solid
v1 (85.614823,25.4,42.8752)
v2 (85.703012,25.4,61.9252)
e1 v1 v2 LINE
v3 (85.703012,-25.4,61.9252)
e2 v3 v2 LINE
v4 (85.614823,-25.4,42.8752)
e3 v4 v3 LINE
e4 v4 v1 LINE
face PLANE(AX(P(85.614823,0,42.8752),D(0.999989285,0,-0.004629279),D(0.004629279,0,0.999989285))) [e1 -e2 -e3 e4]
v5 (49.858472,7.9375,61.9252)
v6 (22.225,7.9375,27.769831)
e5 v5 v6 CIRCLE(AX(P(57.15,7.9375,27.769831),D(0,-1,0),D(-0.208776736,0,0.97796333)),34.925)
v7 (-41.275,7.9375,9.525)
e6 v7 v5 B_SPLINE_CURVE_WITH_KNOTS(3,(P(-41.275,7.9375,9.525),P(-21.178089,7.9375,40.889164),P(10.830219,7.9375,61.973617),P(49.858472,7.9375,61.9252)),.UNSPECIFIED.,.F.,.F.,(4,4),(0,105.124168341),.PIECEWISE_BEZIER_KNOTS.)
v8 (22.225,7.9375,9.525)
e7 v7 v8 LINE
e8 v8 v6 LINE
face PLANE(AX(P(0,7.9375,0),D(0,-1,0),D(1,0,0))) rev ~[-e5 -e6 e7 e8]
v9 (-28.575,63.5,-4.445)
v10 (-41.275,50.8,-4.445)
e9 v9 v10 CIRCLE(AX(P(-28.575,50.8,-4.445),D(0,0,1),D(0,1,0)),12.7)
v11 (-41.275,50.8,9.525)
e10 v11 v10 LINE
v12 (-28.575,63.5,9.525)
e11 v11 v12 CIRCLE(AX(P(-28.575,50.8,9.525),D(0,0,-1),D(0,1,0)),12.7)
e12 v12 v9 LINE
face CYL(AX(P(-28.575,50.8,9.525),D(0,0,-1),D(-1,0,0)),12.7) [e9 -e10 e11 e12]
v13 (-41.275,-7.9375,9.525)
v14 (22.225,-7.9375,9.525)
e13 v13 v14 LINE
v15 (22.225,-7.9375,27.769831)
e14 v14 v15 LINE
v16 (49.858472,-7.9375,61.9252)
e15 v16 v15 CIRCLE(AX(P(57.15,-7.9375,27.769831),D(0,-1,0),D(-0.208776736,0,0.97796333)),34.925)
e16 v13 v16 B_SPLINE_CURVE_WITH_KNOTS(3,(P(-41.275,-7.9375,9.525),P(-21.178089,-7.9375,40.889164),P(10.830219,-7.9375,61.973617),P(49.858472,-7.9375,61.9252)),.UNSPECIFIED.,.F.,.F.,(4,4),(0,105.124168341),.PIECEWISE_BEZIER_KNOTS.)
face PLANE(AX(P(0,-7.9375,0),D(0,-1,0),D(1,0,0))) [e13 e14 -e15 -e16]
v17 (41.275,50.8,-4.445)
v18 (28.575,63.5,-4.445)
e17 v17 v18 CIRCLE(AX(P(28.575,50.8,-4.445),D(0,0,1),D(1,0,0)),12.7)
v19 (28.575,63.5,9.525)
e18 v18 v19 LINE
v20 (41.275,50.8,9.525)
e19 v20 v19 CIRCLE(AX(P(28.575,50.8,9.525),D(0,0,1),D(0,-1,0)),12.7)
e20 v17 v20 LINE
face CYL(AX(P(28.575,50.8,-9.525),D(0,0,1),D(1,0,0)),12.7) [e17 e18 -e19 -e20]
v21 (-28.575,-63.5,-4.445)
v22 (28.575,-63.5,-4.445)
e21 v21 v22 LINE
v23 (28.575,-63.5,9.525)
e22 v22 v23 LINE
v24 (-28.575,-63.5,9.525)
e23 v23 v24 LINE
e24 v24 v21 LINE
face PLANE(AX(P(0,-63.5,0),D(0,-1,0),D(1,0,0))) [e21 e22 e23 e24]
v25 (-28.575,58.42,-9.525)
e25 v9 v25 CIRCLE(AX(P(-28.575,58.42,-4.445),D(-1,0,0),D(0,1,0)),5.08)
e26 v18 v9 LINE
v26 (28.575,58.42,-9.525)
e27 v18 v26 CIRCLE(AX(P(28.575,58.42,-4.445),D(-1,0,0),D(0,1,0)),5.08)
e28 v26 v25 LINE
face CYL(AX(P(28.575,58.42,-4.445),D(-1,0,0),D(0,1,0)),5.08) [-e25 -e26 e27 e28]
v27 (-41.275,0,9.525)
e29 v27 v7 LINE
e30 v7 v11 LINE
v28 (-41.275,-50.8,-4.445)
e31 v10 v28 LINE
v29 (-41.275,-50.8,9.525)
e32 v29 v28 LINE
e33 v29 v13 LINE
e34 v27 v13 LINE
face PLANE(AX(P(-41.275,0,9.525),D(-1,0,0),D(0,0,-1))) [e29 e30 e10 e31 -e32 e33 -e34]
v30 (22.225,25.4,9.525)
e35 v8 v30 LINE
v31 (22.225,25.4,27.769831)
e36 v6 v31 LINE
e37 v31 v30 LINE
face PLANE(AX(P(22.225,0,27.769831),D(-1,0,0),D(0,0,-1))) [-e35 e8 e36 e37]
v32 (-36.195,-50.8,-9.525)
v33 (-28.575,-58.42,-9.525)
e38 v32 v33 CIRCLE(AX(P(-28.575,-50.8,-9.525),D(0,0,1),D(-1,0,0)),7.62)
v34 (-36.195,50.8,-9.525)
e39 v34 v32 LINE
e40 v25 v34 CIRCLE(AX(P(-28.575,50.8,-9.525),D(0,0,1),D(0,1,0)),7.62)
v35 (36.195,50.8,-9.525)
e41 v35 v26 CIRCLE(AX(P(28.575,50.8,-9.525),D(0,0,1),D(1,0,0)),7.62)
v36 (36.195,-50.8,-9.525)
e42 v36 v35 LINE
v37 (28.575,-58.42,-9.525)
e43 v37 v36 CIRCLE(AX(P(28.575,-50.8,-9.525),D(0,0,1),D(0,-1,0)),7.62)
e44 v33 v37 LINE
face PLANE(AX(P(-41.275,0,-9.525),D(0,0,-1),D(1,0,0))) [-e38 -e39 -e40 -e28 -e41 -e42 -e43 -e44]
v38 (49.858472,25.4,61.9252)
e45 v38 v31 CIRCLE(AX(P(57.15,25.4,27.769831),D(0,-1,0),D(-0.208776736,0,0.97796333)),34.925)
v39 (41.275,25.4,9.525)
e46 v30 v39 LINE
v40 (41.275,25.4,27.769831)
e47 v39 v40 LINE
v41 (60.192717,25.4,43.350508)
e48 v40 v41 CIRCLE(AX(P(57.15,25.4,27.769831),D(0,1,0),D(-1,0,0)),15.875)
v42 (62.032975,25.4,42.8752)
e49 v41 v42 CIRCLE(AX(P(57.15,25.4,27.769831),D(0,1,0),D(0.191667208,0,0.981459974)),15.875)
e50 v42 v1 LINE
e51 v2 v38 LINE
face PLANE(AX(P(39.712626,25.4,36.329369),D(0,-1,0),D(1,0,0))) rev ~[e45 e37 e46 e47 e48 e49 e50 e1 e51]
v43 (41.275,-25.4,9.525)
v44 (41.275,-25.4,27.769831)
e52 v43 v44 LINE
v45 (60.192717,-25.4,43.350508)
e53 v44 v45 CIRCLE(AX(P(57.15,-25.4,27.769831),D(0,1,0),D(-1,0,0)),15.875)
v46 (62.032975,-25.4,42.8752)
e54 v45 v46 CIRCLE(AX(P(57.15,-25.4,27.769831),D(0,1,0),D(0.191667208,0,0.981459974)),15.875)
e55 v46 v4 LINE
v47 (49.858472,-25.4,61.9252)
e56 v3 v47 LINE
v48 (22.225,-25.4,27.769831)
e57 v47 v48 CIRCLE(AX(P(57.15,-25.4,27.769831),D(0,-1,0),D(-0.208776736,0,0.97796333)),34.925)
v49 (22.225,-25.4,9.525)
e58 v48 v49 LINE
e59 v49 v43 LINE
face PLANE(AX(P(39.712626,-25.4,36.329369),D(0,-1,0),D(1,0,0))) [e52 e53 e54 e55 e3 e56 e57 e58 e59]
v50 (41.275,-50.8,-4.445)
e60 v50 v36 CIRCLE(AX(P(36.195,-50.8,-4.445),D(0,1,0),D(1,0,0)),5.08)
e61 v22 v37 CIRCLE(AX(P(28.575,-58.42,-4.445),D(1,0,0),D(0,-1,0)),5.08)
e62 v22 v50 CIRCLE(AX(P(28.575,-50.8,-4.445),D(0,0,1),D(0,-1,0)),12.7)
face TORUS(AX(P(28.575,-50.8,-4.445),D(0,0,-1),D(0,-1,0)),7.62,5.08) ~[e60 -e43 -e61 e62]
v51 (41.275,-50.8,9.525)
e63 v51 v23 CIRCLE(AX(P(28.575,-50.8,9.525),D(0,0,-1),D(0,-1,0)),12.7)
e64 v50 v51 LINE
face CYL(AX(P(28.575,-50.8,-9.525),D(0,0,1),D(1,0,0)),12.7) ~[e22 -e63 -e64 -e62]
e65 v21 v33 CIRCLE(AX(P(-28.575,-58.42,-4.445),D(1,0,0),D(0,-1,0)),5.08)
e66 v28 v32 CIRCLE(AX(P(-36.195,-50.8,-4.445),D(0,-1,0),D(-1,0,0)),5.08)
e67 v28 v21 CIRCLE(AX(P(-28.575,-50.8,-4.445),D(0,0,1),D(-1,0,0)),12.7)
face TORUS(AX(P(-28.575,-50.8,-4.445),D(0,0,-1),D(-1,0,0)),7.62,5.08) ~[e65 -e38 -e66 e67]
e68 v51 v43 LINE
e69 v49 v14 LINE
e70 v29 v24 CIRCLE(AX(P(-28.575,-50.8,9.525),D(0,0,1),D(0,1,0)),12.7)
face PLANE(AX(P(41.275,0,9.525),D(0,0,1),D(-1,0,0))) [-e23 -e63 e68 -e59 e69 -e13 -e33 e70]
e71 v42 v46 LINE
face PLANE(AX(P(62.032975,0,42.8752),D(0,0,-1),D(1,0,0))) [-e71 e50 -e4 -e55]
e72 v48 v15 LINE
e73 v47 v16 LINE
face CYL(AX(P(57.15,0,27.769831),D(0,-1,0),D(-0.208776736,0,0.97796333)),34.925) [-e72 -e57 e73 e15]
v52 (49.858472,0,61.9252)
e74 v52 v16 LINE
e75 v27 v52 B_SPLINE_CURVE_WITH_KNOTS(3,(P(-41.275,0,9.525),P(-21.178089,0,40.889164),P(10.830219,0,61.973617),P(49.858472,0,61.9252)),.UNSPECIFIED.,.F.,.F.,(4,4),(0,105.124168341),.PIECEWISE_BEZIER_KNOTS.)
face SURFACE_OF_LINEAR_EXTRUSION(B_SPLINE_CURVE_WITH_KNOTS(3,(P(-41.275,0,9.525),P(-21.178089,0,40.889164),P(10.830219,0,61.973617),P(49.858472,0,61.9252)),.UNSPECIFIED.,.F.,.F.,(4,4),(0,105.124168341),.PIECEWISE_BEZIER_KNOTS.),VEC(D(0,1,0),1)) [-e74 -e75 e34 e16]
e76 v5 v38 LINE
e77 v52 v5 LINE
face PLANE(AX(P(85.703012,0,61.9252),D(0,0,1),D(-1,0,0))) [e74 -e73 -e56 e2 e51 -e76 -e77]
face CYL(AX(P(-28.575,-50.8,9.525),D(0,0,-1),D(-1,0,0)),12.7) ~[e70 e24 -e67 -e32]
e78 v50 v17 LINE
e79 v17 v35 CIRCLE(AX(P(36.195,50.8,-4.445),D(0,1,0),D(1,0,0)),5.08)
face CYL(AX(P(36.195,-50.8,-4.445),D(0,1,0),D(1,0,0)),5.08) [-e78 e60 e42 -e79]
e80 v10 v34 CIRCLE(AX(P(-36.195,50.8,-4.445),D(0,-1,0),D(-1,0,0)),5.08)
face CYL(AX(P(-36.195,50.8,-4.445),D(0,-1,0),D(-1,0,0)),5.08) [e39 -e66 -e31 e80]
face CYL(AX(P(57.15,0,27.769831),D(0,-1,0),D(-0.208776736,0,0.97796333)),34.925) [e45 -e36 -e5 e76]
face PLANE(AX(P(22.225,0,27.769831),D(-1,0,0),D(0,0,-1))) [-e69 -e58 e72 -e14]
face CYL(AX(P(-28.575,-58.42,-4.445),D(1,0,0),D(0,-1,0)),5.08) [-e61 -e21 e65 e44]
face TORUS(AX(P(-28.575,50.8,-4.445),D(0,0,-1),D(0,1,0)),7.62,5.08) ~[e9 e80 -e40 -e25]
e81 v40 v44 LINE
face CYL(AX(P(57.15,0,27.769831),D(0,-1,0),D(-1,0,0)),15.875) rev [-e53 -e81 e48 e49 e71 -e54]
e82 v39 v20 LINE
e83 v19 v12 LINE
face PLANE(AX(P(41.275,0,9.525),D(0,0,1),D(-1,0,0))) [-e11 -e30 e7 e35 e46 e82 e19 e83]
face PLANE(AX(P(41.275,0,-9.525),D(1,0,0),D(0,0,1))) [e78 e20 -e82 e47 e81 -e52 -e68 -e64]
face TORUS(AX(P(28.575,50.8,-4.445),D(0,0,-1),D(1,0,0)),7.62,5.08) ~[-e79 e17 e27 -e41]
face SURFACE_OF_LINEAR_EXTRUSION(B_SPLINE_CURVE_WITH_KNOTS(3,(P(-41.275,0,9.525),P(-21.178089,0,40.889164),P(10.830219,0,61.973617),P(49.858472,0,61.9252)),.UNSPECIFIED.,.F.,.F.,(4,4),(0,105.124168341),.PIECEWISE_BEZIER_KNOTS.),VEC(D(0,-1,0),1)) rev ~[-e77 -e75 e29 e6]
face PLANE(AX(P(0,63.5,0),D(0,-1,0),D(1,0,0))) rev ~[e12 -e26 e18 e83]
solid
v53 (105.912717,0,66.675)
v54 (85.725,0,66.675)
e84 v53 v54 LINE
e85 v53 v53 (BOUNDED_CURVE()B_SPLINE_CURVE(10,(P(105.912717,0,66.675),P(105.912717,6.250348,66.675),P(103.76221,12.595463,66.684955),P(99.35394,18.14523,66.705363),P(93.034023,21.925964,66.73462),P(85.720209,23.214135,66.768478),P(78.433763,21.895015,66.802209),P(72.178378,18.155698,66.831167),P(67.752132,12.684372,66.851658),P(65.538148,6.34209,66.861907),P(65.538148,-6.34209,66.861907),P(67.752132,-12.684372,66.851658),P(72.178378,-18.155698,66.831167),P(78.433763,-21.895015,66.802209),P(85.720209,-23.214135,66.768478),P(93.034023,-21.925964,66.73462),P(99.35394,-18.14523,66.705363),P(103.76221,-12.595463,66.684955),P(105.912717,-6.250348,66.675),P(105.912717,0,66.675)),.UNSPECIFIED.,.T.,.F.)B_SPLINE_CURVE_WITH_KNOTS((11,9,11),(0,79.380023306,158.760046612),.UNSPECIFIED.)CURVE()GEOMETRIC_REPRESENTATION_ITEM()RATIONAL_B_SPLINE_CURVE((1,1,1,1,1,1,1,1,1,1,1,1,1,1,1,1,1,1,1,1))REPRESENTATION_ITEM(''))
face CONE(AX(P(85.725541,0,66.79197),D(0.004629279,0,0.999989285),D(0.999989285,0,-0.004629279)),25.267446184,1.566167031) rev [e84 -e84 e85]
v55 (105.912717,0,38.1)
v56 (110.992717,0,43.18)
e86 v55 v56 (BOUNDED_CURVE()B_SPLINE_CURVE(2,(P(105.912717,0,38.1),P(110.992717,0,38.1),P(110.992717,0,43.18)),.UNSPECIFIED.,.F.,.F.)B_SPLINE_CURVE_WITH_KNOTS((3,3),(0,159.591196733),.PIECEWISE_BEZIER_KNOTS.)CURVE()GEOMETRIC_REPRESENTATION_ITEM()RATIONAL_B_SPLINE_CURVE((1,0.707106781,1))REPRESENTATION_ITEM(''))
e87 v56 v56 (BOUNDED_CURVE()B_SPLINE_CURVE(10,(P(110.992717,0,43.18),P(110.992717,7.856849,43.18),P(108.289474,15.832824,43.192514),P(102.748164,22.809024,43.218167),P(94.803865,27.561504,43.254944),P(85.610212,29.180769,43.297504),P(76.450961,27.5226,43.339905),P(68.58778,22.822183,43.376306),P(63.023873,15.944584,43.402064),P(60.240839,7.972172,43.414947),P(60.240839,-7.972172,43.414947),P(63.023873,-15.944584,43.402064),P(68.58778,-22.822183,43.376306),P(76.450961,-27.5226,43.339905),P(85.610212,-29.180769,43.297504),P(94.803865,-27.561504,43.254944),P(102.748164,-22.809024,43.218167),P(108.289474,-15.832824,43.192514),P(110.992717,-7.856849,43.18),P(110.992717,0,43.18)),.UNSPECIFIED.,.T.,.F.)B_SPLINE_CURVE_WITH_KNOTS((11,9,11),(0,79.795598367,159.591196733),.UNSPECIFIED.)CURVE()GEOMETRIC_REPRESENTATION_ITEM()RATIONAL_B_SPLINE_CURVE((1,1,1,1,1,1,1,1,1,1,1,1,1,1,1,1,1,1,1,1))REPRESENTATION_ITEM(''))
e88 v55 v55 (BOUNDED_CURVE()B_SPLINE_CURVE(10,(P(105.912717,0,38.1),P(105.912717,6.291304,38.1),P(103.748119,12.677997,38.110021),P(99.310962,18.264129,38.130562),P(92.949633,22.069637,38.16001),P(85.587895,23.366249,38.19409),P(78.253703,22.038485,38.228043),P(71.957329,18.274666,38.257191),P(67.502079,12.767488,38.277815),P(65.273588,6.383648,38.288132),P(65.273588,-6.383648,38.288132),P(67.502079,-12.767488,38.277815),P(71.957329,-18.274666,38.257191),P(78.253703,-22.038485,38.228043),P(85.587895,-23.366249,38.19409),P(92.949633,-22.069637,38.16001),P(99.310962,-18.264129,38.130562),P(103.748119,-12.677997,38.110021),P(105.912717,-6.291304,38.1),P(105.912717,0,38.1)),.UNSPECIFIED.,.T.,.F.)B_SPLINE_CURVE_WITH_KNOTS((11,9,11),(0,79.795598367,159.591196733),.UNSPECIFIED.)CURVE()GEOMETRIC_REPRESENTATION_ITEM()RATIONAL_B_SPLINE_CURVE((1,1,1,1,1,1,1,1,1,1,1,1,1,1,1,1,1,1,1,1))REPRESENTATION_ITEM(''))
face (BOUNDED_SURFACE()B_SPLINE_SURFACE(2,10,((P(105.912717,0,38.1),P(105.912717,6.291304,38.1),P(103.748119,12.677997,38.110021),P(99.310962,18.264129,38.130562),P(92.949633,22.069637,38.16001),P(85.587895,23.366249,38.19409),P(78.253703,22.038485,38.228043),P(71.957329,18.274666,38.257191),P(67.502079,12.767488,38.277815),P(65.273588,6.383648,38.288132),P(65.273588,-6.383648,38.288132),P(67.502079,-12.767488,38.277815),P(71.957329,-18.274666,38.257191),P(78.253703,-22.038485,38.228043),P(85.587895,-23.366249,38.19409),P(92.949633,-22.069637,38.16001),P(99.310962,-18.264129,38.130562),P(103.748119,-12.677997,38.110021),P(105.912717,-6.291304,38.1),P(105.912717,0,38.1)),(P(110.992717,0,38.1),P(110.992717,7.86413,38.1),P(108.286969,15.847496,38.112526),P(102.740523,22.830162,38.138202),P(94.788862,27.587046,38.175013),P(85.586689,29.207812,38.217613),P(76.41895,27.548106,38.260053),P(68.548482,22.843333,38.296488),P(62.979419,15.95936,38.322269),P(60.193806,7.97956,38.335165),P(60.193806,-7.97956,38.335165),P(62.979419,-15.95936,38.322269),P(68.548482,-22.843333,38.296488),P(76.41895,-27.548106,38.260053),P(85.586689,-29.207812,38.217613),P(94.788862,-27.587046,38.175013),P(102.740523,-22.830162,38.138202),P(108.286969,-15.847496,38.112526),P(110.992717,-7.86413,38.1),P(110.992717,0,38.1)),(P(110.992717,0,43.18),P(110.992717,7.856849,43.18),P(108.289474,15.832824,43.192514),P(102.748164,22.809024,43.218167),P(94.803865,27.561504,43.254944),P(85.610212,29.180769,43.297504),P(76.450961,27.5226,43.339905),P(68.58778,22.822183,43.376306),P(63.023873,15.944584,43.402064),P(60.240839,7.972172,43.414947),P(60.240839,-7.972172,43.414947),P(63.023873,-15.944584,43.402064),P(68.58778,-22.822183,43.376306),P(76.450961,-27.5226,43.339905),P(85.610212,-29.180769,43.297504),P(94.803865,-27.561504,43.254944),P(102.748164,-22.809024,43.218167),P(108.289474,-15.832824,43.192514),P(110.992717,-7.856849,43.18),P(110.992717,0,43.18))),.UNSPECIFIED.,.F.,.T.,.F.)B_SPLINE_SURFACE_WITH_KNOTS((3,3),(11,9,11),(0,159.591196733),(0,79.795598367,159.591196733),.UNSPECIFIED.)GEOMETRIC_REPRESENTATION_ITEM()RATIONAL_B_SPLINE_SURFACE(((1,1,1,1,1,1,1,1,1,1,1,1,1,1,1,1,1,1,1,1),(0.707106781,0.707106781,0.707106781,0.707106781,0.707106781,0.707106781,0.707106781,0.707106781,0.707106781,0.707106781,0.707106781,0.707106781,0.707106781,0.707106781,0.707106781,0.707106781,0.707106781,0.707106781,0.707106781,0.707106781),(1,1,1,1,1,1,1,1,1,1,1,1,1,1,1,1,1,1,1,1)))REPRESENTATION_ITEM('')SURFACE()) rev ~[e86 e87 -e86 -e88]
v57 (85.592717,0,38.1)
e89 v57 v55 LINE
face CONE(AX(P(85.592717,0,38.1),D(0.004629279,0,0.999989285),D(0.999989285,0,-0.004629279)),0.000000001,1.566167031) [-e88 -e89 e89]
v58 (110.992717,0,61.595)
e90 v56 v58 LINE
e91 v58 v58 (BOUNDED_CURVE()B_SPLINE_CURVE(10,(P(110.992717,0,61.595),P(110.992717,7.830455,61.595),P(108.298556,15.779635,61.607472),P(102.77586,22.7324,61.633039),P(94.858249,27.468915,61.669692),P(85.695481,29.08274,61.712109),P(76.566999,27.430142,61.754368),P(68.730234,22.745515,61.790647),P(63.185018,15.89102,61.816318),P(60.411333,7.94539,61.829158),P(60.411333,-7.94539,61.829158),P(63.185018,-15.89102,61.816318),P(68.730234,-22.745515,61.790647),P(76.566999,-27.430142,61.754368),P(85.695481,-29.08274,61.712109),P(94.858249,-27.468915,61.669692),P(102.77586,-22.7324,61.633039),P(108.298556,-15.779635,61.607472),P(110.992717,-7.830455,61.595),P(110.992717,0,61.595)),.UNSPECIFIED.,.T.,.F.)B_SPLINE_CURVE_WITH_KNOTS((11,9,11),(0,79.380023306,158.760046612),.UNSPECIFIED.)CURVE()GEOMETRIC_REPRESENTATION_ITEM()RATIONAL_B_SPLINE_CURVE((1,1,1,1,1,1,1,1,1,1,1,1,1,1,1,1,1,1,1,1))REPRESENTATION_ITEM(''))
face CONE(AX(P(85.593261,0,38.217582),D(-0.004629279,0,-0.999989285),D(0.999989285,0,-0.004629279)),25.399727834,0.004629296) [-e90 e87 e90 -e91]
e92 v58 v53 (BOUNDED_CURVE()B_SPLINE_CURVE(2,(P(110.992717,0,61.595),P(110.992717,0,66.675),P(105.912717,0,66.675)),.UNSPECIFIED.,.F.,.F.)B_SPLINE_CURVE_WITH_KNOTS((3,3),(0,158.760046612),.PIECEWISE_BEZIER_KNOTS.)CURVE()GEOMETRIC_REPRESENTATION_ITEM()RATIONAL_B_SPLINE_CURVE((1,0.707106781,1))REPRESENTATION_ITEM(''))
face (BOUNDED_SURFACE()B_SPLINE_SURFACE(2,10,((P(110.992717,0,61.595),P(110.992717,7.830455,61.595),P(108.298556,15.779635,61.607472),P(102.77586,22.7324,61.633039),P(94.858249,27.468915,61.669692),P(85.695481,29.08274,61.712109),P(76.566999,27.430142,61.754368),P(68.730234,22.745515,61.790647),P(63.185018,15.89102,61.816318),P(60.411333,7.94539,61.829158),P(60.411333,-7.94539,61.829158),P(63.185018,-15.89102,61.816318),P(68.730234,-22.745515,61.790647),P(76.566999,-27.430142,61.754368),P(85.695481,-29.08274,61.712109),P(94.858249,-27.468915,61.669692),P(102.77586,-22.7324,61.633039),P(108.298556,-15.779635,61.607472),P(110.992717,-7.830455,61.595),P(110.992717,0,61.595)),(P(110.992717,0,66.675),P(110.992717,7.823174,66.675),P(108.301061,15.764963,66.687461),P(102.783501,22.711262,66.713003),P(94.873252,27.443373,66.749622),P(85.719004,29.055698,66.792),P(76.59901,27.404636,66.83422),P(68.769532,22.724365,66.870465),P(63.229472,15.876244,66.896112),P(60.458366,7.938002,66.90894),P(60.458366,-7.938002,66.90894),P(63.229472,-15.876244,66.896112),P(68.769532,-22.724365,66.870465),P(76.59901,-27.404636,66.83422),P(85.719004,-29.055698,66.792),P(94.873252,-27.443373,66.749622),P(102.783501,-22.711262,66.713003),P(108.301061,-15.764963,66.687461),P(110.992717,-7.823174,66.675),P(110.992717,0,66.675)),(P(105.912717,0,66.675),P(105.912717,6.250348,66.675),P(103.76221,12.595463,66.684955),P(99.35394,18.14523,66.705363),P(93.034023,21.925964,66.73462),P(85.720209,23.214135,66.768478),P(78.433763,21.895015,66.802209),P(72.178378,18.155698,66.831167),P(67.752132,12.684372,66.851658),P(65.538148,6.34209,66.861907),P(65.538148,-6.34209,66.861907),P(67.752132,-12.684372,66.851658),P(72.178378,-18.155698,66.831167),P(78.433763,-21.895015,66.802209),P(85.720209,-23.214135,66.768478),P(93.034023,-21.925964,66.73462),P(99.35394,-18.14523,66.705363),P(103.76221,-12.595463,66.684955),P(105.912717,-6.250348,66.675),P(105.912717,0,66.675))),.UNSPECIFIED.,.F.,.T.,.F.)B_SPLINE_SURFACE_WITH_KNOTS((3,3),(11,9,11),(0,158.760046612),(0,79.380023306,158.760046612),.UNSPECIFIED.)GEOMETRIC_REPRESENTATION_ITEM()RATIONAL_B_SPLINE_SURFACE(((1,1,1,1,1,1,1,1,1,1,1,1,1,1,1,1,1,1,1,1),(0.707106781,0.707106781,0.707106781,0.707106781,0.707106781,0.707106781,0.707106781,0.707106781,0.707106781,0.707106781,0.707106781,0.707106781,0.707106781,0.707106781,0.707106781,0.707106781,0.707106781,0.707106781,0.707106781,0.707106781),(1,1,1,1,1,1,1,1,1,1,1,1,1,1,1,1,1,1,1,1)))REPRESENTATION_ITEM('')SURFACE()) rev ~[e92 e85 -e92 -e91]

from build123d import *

# Parameters (mm, degrees)
F1_DEPTH = 63.5
F2_DEPTH = 25.4
F3_DEPTH = 7.9375
F5_R     = 12.7
F6_R     = 5.08
F7_R     = 5.08


with BuildPart() as f1:
    # F0 (on Front) → F1 (new body, symmetric)
    with BuildSketch(Plane.XZ):
        Polygon((-41.275, 9.525), (-41.275, -9.525), (41.275, -9.525), (41.275, 9.525), (22.225, 9.525), align=None)
    extrude(amount=F1_DEPTH, both=True)

    # F0 (on Front) → F2 (join, symmetric)
    with BuildSketch(Plane.XZ):
        with BuildLine():
            Line((22.225, 9.525), (41.275, 9.525))
            Line((41.275, 9.525), (41.275, 27.7698307051))
            ThreePointArc((41.275, 27.7698307051), (47.0576144119, 40.0237842769), (60.192716931, 43.3505077982))
            Line((60.192716931, 43.3505077982), (60.192716931, 61.9252))
            Line((60.192716931, 61.9252), (49.8584724968, 61.9252))
            ThreePointArc((49.8584724968, 61.9252), (29.9984602366, 49.7368403668), (22.225, 27.7698307051))
            Line((22.225, 27.7698307051), (22.225, 9.525))
        make_face()
        with BuildLine():
            Line((85.7030116143, 61.9252), (60.192716931, 61.9252))
            Line((60.192716931, 61.9252), (60.192716931, 43.3505077982))
            ThreePointArc((60.192716931, 43.3505077982), (61.1199656119, 43.1404194395), (62.0329748581, 42.8752))
            Line((62.0329748581, 42.8752), (85.6148229017, 42.8752))
            Line((85.6148229017, 42.8752), (85.7030116143, 61.9252))
        make_face()
    extrude(amount=F2_DEPTH, both=True)

    # F0 (on Front) → F3 (join, symmetric)
    with BuildSketch(Plane.XZ):
        Polygon((-41.275, 9.525), (-41.275, -9.525), (41.275, -9.525), (41.275, 9.525), (22.225, 9.525), align=None)
        with BuildLine():
            add(Edge.make_bspline(
                [(-41.275, 9.525), (-21.1780890918, 40.889163718), (10.8302186142, 61.9736168474), (49.8584724968, 61.9252)],
                knots=[0, 0, 0, 0, 105.1241683409, 105.1241683409, 105.1241683409, 105.1241683409], degree=3))
            Line((-41.275, 9.525), (22.225, 9.525))
            Line((22.225, 9.525), (22.225, 27.7698307051))
            ThreePointArc((22.225, 27.7698307051), (29.9984602366, 49.7368403668), (49.8584724968, 61.9252))
        make_face()
        with BuildLine():
            Line((22.225, 9.525), (41.275, 9.525))
            Line((41.275, 9.525), (41.275, 27.7698307051))
            ThreePointArc((41.275, 27.7698307051), (47.0576144119, 40.0237842769), (60.192716931, 43.3505077982))
            Line((60.192716931, 43.3505077982), (60.192716931, 61.9252))
            Line((60.192716931, 61.9252), (49.8584724968, 61.9252))
            ThreePointArc((49.8584724968, 61.9252), (29.9984602366, 49.7368403668), (22.225, 27.7698307051))
            Line((22.225, 27.7698307051), (22.225, 9.525))
        make_face()
        with BuildLine():
            Line((85.7030116143, 61.9252), (60.192716931, 61.9252))
            Line((60.192716931, 61.9252), (60.192716931, 43.3505077982))
            ThreePointArc((60.192716931, 43.3505077982), (61.1199656119, 43.1404194395), (62.0329748581, 42.8752))
            Line((62.0329748581, 42.8752), (85.6148229017, 42.8752))
            Line((85.6148229017, 42.8752), (85.7030116143, 61.9252))
        make_face()
    extrude(amount=F3_DEPTH, both=True)

    # F5
    f5_edges = [f1.edges().sort_by_distance(p)[0] for p in [
        (-41.275, -63.5, 0),
        (41.275, -63.5, 0),
        (41.275, 63.5, 0),
        (-41.275, 63.5, 0),
    ]]
    fillet(f5_edges, radius=F5_R)

    # F7
    f7_edges = [f1.edges().sort_by_distance(p)[0] for p in [
        (-41.275, 0, -9.525),
        (-37.555256, 59.780256, -9.525),
        (-37.555256, -59.780256, -9.525),
        (0, 63.5, -9.525),
        (0, -63.5, -9.525),
        (37.555256, 59.780256, -9.525),
        (37.555256, -59.780256, -9.525),
        (41.275, 0, -9.525),
    ]]
    fillet(f7_edges, radius=F7_R)


with BuildPart() as f4:
    # F0 (on Front) → F4 (revolve)
    with BuildSketch(Plane.XZ):
        Polygon((85.725, 66.675), (85.7030116143, 61.9252), (85.6148229017, 42.8752), (85.592716931, 38.1), (110.992716931, 38.1), (110.992716931, 66.675), align=None)
    revolve(axis=Axis((85.6588584655, 0, 52.3875), (0.0046292791, 0, 0.9999892848)))

    # F6
    f6_edges = [f4.edges().sort_by_distance(p)[0] for p in [
        (60.458366, 0, 66.90894),
        (60.193806, 0, 38.335165),
    ]]
    fillet(f6_edges, radius=F6_R)


solid = Compound([f1.part, f4.part])
